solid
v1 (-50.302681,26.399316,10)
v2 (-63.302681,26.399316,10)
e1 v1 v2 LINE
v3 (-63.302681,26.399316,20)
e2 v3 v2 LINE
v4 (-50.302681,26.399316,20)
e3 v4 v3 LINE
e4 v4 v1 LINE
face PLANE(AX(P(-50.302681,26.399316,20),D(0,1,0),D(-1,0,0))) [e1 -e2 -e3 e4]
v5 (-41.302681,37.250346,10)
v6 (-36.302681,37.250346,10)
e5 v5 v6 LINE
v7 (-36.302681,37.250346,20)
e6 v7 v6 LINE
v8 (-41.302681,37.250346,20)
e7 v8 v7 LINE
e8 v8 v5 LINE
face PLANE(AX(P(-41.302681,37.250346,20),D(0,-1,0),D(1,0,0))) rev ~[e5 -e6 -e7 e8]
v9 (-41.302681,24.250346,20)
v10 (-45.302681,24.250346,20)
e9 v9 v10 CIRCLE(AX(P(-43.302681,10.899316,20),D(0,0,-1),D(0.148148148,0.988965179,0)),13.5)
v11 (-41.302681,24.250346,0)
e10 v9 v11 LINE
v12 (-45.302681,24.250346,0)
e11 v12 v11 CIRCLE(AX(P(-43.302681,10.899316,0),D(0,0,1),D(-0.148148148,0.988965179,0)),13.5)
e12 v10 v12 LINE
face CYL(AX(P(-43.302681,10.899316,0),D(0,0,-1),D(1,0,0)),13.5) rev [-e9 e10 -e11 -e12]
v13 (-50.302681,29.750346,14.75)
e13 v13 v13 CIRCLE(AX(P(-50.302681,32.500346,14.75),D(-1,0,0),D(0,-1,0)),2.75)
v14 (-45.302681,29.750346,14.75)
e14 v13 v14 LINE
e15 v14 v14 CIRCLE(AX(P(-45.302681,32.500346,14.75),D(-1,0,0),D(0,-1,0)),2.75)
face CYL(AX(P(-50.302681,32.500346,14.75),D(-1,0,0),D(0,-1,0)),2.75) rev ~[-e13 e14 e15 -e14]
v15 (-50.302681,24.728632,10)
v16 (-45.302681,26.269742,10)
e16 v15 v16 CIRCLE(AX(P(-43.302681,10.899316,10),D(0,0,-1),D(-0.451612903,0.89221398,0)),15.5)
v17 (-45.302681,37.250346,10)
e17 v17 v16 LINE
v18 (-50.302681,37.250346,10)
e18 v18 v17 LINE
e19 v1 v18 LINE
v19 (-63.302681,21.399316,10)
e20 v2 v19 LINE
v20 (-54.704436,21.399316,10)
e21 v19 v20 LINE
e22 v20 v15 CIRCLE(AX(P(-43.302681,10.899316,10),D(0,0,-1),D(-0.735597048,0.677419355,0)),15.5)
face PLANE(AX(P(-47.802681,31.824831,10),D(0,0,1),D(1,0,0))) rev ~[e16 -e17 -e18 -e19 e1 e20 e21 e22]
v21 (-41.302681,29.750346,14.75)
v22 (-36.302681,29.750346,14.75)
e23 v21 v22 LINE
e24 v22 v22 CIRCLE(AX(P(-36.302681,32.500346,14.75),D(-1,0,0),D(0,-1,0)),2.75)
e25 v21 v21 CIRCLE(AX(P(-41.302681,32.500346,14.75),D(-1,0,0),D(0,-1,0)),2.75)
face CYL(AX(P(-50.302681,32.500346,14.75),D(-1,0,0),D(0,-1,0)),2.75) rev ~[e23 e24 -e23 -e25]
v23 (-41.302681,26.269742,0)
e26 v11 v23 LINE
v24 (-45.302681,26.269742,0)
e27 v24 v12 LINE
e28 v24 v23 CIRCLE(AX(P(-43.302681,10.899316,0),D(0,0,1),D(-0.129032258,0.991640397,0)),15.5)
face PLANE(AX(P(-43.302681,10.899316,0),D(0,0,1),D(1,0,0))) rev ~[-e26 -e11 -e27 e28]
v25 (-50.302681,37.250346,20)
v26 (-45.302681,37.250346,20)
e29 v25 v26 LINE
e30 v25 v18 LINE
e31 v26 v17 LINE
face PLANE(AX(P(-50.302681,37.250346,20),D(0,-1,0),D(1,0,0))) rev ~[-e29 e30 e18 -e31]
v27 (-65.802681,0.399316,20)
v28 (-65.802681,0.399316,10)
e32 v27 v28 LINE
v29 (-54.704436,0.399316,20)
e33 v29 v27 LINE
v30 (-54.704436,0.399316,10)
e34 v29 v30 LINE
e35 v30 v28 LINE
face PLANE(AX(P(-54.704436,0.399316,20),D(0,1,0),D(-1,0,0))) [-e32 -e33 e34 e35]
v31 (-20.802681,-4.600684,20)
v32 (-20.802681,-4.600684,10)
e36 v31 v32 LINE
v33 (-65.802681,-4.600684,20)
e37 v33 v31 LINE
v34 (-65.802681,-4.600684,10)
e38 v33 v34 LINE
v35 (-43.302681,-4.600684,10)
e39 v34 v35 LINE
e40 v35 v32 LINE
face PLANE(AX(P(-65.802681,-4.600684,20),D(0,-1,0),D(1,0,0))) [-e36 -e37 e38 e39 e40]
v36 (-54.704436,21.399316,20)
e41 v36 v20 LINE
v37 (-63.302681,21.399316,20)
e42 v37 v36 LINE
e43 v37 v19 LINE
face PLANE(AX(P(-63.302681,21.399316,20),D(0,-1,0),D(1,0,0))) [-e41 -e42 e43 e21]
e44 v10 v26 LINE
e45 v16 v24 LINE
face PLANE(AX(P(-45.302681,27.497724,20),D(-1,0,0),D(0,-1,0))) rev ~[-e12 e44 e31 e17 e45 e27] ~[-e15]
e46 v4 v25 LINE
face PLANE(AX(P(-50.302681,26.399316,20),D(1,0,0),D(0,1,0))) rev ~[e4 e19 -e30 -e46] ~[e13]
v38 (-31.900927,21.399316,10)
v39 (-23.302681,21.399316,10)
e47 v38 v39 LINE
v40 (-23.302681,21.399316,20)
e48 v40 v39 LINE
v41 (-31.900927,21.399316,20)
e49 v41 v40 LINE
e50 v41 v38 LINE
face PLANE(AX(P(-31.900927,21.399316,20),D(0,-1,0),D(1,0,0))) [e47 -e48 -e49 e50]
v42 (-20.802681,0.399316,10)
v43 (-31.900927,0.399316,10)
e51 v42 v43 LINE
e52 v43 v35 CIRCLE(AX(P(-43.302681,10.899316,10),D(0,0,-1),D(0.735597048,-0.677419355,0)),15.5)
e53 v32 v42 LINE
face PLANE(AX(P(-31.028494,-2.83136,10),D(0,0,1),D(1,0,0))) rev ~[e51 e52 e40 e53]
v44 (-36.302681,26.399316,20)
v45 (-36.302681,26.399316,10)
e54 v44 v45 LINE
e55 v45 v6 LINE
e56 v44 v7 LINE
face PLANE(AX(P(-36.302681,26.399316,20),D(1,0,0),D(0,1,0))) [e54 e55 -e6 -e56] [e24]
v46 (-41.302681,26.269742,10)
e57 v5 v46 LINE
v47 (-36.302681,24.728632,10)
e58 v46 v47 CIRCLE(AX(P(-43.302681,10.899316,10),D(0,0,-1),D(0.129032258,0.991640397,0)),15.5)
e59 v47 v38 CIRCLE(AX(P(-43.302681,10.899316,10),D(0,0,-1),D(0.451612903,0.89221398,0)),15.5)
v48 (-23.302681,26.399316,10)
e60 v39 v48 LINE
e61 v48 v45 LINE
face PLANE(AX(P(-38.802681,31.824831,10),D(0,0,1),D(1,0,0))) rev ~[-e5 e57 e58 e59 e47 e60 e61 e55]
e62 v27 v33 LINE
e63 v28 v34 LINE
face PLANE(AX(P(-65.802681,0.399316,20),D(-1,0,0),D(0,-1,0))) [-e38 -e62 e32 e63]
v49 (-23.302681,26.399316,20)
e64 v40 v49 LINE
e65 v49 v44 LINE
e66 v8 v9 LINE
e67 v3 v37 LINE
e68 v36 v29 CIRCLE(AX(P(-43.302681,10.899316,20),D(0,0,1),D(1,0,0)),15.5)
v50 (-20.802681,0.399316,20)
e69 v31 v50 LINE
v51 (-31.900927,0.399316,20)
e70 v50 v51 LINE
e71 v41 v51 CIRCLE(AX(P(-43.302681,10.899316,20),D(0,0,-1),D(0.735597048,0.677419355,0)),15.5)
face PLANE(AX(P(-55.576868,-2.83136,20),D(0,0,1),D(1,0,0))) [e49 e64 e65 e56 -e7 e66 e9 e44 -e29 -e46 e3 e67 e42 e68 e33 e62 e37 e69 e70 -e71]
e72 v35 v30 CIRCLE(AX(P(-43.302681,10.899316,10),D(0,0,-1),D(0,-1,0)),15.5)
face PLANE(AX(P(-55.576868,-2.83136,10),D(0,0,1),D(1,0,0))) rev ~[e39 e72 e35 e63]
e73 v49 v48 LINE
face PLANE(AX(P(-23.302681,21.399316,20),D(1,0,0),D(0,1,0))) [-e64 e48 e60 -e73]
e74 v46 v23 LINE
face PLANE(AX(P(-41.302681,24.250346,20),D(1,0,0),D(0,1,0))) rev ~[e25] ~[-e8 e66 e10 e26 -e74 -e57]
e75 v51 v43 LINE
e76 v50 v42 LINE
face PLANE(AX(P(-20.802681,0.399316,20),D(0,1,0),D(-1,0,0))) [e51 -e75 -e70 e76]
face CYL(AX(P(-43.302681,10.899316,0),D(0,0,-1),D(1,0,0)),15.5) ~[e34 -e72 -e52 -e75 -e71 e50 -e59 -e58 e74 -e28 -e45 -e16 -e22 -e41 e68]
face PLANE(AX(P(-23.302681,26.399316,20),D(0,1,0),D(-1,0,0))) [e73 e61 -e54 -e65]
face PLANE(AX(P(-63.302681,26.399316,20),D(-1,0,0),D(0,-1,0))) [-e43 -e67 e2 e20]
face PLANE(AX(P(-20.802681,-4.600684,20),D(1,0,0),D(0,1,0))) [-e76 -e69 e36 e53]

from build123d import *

# Parameters (mm, degrees)
F0_R     = 15.5
F0_R_2   = 13.5
F1_DEPTH = 20
F2_W     = 5
F2_H     = 10.8510299228
F3_DEPTH = 10
F5_DEPTH = 25
F6_R     = 2.75
F7_DEPTH = 15


with BuildPart() as f1:
    # F0 (on Top) → F1 (new body)
    with BuildSketch(Plane.XY):
        with Locations((-43.3026812971, 10.8993155882)):
            Circle(F0_R)
        with Locations((-43.3026812971, 10.8993155882)):
            Circle(F0_R_2, mode=Mode.SUBTRACT)
    extrude(amount=F1_DEPTH)

    # F2 (on face) → F3 (join)
    with BuildSketch(Plane.XY.offset(20)):
        with Locations((-47.8026812971, 31.8248305496)):
            Rectangle(F2_W, F2_H)
        with Locations((-38.8026812971, 31.8248305496)):
            Rectangle(F2_W, F2_H)
        with BuildLine():
            Line((-50.3026812971, 24.7286322741), (-50.3026812971, 26.3993155882))
            Line((-50.3026812971, 26.3993155882), (-63.3026812971, 26.3993155882))
            Line((-63.3026812971, 26.3993155882), (-63.3026812971, 21.3993155882))
            Line((-63.3026812971, 21.3993155882), (-54.7044355481, 21.3993155882))
            ThreePointArc((-54.7044355481, 21.3993155882), (-52.6529340892, 23.2614664012), (-50.3026812971, 24.7286322741))
        make_face()
        with BuildLine():
            Line((-23.3026812971, 26.3993155882), (-36.3026812971, 26.3993155882))
            Line((-36.3026812971, 26.3993155882), (-36.3026812971, 24.7286322741))
            ThreePointArc((-36.3026812971, 24.7286322741), (-33.9524285049, 23.2614664012), (-31.9009270461, 21.3993155882))
            Line((-31.9009270461, 21.3993155882), (-23.3026812971, 21.3993155882))
            Line((-23.3026812971, 21.3993155882), (-23.3026812971, 26.3993155882))
        make_face()
        with BuildLine():
            Line((-45.3026812971, 26.2697417371), (-45.3026812971, 26.3993155882))
            Line((-45.3026812971, 26.3993155882), (-50.3026812971, 26.3993155882))
            Line((-50.3026812971, 26.3993155882), (-50.3026812971, 24.7286322741))
            ThreePointArc((-50.3026812971, 24.7286322741), (-47.8681773921, 25.711683576), (-45.3026812971, 26.2697417371))
        make_face()
        with BuildLine():
            Line((-36.3026812971, 26.3993155882), (-41.3026812971, 26.3993155882))
            Line((-41.3026812971, 26.3993155882), (-41.3026812971, 26.2697417371))
            ThreePointArc((-41.3026812971, 26.2697417371), (-38.737185202, 25.711683576), (-36.3026812971, 24.7286322741))
            Line((-36.3026812971, 24.7286322741), (-36.3026812971, 26.3993155882))
        make_face()
        with BuildLine():
            ThreePointArc((-43.3026812971, -4.6006844118), (-49.5276310961, -3.2957539784), (-54.7044355481, 0.3993155882))
            Line((-54.7044355481, 0.3993155882), (-65.8026812971, 0.3993155882))
            Line((-65.8026812971, 0.3993155882), (-65.8026812971, -4.6006844118))
            Line((-65.8026812971, -4.6006844118), (-43.3026812971, -4.6006844118))
        make_face()
        with BuildLine():
            ThreePointArc((-31.9009270461, 0.3993155882), (-37.0777314981, -3.2957539784), (-43.3026812971, -4.6006844118))
            Line((-43.3026812971, -4.6006844118), (-20.8026812971, -4.6006844118))
            Line((-20.8026812971, -4.6006844118), (-20.8026812971, 0.3993155882))
            Line((-20.8026812971, 0.3993155882), (-31.9009270461, 0.3993155882))
        make_face()
    extrude(amount=-F3_DEPTH)

    # F4 (on face) → F5 (cut)
    with BuildSketch(Plane.XY.offset(20)):
        with BuildLine():
            Line((-41.3026812971, 27.4977236986), (-45.3026812971, 27.4977236986))
            Line((-45.3026812971, 27.4977236986), (-45.3026812971, 26.2697417371))
            ThreePointArc((-45.3026812971, 26.2697417371), (-43.3026812971, 26.3993155882), (-41.3026812971, 26.2697417371))
            Line((-41.3026812971, 26.2697417371), (-41.3026812971, 27.4977236986))
        make_face()
        with BuildLine():
            ThreePointArc((-41.3026812971, 26.2697417371), (-43.3026812971, 26.3993155882), (-45.3026812971, 26.2697417371))
            Line((-45.3026812971, 26.2697417371), (-45.3026812971, 24.250345511))
            ThreePointArc((-45.3026812971, 24.250345511), (-43.3026812971, 24.3993155882), (-41.3026812971, 24.250345511))
            Line((-41.3026812971, 24.250345511), (-41.3026812971, 26.2697417371))
        make_face()
    extrude(amount=-F5_DEPTH, mode=Mode.SUBTRACT)

    # F6 (on face) → F7 (cut)
    with BuildSketch(Plane(origin=(-50.3026812971, 0, 0), x_dir=(0, -1, 0), z_dir=(-1, 0, 0))):
        with Locations((-32.500345511, 14.75)):
            Circle(F6_R)
    extrude(amount=-F7_DEPTH, mode=Mode.SUBTRACT)


solid = f1.part
